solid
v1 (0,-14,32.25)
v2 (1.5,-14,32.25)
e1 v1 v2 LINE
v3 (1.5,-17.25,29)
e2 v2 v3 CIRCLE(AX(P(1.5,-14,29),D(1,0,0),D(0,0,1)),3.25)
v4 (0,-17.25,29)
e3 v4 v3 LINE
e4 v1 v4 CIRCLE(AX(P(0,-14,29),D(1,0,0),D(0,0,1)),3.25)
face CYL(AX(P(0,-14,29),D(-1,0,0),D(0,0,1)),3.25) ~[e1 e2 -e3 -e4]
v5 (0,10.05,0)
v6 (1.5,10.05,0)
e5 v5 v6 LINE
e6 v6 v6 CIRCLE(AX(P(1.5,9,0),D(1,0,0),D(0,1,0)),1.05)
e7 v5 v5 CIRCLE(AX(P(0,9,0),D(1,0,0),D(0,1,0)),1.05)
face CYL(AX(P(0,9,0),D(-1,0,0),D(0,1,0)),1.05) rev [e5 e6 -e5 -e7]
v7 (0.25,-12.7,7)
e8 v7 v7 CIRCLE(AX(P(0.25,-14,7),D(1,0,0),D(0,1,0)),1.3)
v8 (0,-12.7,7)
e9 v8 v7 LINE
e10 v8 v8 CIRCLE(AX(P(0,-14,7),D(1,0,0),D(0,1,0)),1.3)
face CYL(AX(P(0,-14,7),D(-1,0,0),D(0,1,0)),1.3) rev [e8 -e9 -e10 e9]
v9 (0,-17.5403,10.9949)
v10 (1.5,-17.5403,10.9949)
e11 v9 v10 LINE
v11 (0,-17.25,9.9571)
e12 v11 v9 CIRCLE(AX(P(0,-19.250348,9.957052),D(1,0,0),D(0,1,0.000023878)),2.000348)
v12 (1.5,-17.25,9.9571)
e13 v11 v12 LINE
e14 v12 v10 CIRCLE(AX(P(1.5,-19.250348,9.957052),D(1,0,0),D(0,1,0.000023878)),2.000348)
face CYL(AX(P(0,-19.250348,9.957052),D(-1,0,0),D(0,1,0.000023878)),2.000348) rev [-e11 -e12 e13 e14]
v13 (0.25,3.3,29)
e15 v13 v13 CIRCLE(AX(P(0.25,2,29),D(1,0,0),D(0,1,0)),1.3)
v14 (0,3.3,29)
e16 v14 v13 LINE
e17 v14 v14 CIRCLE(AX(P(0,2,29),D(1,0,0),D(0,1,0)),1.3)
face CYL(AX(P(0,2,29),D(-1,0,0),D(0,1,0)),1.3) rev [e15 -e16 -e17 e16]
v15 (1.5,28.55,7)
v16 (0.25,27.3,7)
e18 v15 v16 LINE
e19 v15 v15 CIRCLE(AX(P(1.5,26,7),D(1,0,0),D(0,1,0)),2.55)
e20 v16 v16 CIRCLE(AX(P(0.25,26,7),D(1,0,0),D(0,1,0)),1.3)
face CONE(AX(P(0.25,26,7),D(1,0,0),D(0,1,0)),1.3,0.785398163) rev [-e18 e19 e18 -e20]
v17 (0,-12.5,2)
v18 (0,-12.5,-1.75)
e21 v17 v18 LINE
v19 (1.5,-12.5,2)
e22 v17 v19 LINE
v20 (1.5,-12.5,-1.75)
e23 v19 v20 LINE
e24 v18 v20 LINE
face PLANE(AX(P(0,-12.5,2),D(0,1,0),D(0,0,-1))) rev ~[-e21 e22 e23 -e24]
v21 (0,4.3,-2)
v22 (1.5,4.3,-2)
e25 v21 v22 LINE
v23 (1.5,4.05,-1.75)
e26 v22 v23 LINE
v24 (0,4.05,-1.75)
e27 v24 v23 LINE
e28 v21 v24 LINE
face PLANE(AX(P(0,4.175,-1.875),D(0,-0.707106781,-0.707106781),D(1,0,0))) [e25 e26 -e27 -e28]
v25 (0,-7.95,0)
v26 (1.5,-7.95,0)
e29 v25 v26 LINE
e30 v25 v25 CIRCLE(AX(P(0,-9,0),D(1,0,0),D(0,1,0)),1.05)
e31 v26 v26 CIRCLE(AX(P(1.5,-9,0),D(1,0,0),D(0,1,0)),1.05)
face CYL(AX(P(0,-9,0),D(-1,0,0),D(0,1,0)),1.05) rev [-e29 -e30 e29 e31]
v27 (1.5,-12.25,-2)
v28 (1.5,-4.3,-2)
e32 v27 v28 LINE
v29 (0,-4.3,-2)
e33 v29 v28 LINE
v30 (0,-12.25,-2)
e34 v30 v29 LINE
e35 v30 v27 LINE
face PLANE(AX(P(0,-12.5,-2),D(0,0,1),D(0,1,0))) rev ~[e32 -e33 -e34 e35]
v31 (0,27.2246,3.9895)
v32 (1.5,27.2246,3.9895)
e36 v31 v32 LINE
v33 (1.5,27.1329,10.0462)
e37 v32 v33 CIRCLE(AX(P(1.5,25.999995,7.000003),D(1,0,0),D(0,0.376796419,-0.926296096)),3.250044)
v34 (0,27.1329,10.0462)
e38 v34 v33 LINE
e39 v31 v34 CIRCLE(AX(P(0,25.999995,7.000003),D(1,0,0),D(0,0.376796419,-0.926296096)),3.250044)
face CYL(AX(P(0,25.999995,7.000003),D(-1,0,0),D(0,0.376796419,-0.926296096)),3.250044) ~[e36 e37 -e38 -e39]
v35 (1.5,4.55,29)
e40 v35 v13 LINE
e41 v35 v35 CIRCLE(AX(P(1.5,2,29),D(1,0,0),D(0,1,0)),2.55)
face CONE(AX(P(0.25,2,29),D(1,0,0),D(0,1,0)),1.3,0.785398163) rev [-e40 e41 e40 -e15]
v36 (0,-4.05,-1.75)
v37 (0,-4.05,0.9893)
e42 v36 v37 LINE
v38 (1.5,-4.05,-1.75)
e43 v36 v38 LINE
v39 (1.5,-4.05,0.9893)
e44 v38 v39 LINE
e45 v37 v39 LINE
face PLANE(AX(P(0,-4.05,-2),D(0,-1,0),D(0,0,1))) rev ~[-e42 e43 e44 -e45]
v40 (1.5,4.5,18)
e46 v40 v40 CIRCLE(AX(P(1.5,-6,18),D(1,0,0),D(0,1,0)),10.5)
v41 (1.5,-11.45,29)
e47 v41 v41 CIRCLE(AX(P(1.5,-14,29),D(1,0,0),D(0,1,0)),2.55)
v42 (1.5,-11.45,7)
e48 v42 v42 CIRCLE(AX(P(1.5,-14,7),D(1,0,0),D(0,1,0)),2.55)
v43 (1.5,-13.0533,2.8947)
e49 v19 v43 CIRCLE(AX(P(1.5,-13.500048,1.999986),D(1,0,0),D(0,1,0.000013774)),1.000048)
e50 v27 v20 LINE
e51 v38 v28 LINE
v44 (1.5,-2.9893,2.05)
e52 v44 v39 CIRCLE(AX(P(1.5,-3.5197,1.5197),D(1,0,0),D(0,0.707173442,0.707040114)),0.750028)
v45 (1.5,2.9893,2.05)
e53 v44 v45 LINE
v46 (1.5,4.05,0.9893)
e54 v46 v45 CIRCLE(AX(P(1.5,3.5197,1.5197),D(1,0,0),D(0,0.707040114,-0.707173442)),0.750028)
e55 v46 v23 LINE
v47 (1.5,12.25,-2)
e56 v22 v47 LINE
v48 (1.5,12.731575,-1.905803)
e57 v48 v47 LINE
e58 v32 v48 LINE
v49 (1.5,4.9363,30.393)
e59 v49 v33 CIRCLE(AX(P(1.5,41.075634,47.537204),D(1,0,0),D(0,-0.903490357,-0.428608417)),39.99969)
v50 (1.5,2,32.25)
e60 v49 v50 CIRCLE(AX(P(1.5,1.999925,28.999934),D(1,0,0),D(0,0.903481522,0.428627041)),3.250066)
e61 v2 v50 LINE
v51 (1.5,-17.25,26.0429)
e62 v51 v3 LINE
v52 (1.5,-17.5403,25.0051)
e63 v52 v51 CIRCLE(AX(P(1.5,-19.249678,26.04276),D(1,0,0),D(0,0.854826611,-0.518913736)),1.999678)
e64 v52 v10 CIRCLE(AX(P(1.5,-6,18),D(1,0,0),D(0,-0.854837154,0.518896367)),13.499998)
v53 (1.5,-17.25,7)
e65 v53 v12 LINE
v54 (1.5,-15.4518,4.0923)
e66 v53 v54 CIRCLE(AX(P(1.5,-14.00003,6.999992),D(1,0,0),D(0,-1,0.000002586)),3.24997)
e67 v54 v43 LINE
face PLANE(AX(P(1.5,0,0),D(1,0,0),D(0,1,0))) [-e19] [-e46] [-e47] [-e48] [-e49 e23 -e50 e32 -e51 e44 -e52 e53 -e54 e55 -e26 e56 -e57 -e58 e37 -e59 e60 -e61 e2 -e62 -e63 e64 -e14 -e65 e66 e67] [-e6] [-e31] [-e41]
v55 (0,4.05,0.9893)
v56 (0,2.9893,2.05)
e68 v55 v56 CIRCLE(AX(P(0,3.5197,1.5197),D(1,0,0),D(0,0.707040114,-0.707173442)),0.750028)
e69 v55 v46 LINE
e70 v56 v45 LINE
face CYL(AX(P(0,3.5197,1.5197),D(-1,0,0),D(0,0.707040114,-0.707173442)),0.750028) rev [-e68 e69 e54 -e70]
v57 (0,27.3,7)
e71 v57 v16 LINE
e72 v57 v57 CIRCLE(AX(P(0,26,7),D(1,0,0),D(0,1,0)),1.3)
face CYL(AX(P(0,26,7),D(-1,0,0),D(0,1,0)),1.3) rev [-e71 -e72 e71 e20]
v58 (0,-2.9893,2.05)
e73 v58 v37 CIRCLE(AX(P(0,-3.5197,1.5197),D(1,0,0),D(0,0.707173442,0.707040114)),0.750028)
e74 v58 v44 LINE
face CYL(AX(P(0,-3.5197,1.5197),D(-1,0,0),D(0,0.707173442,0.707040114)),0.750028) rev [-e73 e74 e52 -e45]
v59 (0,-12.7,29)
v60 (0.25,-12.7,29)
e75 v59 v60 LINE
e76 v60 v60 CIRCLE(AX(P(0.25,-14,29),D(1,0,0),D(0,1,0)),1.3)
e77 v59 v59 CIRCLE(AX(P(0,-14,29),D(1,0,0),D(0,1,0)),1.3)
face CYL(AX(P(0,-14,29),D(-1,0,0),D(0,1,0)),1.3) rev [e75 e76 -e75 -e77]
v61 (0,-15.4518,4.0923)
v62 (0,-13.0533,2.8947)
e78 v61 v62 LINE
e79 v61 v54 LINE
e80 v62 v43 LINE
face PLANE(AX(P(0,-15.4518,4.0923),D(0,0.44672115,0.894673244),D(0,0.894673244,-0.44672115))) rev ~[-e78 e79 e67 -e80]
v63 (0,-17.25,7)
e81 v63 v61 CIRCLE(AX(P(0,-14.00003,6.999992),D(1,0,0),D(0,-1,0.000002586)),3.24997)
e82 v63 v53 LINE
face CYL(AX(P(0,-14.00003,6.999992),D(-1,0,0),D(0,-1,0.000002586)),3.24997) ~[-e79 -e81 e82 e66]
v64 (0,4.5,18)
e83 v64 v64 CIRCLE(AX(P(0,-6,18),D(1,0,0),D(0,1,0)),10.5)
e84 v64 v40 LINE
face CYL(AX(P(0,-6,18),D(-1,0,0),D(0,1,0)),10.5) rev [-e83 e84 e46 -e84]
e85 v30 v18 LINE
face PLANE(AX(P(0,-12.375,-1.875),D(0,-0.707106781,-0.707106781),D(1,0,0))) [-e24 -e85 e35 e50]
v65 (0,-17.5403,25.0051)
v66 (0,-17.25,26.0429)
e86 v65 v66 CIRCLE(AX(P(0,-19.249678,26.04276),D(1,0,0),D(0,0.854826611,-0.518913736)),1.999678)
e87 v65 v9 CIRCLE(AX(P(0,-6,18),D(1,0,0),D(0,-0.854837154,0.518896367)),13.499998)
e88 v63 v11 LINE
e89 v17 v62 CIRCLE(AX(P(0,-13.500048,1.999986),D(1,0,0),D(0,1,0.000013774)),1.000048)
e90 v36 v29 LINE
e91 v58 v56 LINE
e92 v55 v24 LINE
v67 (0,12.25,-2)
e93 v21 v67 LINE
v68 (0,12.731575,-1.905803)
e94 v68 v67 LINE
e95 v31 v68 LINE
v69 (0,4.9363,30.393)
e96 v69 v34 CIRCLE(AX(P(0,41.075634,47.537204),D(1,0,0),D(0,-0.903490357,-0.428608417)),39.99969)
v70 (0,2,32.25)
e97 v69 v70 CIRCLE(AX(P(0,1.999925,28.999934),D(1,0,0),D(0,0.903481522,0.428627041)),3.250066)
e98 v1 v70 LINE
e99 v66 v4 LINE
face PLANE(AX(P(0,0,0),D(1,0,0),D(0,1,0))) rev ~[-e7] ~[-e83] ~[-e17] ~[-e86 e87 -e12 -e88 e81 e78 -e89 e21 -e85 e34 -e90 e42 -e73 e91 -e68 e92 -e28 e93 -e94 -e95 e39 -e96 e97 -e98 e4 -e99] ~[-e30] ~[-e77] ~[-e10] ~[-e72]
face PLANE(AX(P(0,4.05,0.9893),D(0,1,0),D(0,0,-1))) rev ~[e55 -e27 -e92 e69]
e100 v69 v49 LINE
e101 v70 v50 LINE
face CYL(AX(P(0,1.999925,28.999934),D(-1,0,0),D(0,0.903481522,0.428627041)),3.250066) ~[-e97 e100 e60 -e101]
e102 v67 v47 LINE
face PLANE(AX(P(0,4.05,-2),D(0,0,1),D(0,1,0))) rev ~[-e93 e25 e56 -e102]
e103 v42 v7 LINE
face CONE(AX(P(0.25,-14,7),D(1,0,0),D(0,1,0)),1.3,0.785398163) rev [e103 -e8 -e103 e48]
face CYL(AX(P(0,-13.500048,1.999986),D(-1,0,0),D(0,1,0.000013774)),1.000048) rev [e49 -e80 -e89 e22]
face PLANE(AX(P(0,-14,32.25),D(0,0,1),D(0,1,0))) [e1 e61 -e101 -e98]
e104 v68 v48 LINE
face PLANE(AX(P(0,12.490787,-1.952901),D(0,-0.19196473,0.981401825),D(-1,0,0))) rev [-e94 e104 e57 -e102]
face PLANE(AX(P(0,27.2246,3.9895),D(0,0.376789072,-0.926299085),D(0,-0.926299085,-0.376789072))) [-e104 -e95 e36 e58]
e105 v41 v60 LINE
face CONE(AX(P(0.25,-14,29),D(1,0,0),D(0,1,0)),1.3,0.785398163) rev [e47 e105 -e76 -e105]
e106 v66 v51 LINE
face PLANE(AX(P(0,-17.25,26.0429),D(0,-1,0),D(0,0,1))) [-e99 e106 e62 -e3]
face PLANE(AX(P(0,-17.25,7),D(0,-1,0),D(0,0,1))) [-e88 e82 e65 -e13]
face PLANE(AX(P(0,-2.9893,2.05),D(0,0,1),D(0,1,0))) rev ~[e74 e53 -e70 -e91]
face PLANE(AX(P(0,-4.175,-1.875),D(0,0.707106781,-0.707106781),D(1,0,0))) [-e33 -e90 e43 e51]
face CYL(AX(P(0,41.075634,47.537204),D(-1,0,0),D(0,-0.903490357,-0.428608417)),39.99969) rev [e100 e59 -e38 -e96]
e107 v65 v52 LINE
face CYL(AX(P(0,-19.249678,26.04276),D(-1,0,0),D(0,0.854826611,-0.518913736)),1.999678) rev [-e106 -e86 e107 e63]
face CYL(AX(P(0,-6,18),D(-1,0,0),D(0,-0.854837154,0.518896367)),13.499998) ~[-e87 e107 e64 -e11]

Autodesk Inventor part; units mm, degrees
ref_plane "YZ Plane" through (0, 0, 0) normal (1, 0, 0) x (0, 1, 0)
ref_plane "XZ Plane" through (0, 0, 0) normal (0, 1, 0) x (-1, 0, 0)
ref_plane "XY Plane" through (0, 0, 0) normal (0, 0, 1) x (1, 0, 0)
sketch "スケッチ1" plane through (0, 0, 0) normal (1, 0, 0) x (0, 1, 0)
  line L0 (12.5, 2) -> (-12.5, 2) construction
  line L1 (-12.5, 2) -> (-12.5, -2)
  line L2 (-12.5, -2) -> (-4.05, -2)
  line L3 (12.5, -2) -> (12.5, 2) construction
  line L4 (0, 0) -> (0, 21.2341) construction
  line L5 (0, 0) -> (25.6299, 0) construction
  circle A0 centre (9, 0) radius 1.05
  circle A1 centre (-9, 0) radius 1.05
  line L6 (-17.25, 7) -> (-17.25, 9.9571)
  line L7 (-14, 32.25) -> (2, 32.25)
  arc A2 (4.9363, 30.393) -> (27.1329, 10.0462) centre (41.0759, 47.5374) ccw
  arc A3 (-17.25, 7) -> (-15.4518, 4.0923) centre (-14, 7) ccw
  arc A4 (-14, 32.25) -> (-17.25, 29) centre (-14, 29) ccw
  arc A5 (4.9363, 30.393) -> (2, 32.25) centre (2, 29) ccw
  circle A6 centre (2, 29) radius 1.3
  circle A7 centre (-14, 29) radius 1.3
  circle A8 centre (-14, 7) radius 1.3
  circle A9 centre (26, 7) radius 1.3
  arc A10 (27.2246, 3.9895) -> (27.1329, 10.0462) centre (26, 7) ccw
  line L8 (2, 29) -> (-14, 29) construction
  line L9 (-6, 29) -> (-6, 7) construction
  line L10 (-6, 7) -> (-14, 7) construction
  circle A11 centre (-6, 18) radius 10.5
  arc A12 (-17.5403, 25.0051) -> (-17.5403, 10.9949) centre (-6, 18) ccw
  line L11 (-17.25, 10.5376) -> (-17.25, 25.4624) construction
  line L12 (-17.25, 26.0429) -> (-17.25, 29)
  arc A13 (-17.5403, 25.0051) -> (-17.25, 26.0429) centre (-19.25, 26.0429) ccw
  arc A14 (-17.25, 9.9571) -> (-17.5403, 10.9949) centre (-19.25, 9.9571) ccw
  line L13 (-6, 18) -> (10, 18) construction
  line L14 (27.2246, 3.9895) -> (12.5, -2)
  line L15 (-4.05, -2) -> (-4.05, 0.9893)
  line L16 (-4.05, 2.05) -> (-2.9893, 2.05) construction
  line L17 (4.05, 2.05) -> (4.05, 0.9893) construction
  line L18 (-4.05, -2) -> (4.05, -2) construction
  line L19 (4.05, -2) -> (12.5, -2)
  arc A15 (4.05, 0.9893) -> (2.9893, 2.05) centre (3.5197, 1.5197) ccw
  line L20 (4.05, 0.9893) -> (4.05, -2)
  line L21 (2.9893, 2.05) -> (4.05, 2.05) construction
  line L22 (-2.9893, 2.05) -> (2.9893, 2.05)
  line L23 (-4.05, 0.9893) -> (-4.05, 2.05) construction
  arc A16 (-2.9893, 2.05) -> (-4.05, 0.9893) centre (-3.5197, 1.5197) ccw
  line L24 (3.5197, 1.5197) -> (4.05, 2.05) construction
  line L25 (-3.5197, 1.5197) -> (-4.05, 2.05) construction
  line L26 (-12.5, -2) -> (-12.5, 2) construction
  arc A17 (-12.5, 2) -> (-13.0533, 2.8947) centre (-13.5, 2) ccw
  line L27 (-15.4518, 4.0923) -> (-13.0533, 2.8947)
  point P0 (4.1125, 32.25)
  point P1 (16.6739, 3.086)
  dimension "d2" = 18
  dimension "d3" = 2.1
  dimension "d7" = 16
  dimension "d8" = 2.6
  dimension "d13" = 3.25
  dimension "d14" = 21
  dimension "d15" = 40
  dimension "d17" = 40
  dimension "d18" = 6
  dimension "d21" = 3
  dimension "d22" = 2
  dimension "d27" = 18
  dimension "d28" = 22
  dimension "d30" = 8.1
  dimension "d31" = 4
  dimension "d32" = 4.05
  dimension "d33" = 0.75
  dimension "d34" = 45
  dimension "d35" = 45
  dimension "d36" = 1
extrude "押し出し1" add sketch "スケッチ1" along normal blind 1.5
chamfer "面取り1" distance 0.25 angle 45 4 edges at (0.75, -12.5, -2) (0.75, -4.05, -2) (0.75, 4.05, -2) (0.75, 12.5, -2)
chamfer "面取り2" distance 1.25 angle 45 4 edges at (1.5, 24.7, 7) (1.5, 0.7, 29) (1.5, -15.3, 29) (1.5, -15.3, 7)
properties part number "16_006_COXA_FRAME_1_R1"
